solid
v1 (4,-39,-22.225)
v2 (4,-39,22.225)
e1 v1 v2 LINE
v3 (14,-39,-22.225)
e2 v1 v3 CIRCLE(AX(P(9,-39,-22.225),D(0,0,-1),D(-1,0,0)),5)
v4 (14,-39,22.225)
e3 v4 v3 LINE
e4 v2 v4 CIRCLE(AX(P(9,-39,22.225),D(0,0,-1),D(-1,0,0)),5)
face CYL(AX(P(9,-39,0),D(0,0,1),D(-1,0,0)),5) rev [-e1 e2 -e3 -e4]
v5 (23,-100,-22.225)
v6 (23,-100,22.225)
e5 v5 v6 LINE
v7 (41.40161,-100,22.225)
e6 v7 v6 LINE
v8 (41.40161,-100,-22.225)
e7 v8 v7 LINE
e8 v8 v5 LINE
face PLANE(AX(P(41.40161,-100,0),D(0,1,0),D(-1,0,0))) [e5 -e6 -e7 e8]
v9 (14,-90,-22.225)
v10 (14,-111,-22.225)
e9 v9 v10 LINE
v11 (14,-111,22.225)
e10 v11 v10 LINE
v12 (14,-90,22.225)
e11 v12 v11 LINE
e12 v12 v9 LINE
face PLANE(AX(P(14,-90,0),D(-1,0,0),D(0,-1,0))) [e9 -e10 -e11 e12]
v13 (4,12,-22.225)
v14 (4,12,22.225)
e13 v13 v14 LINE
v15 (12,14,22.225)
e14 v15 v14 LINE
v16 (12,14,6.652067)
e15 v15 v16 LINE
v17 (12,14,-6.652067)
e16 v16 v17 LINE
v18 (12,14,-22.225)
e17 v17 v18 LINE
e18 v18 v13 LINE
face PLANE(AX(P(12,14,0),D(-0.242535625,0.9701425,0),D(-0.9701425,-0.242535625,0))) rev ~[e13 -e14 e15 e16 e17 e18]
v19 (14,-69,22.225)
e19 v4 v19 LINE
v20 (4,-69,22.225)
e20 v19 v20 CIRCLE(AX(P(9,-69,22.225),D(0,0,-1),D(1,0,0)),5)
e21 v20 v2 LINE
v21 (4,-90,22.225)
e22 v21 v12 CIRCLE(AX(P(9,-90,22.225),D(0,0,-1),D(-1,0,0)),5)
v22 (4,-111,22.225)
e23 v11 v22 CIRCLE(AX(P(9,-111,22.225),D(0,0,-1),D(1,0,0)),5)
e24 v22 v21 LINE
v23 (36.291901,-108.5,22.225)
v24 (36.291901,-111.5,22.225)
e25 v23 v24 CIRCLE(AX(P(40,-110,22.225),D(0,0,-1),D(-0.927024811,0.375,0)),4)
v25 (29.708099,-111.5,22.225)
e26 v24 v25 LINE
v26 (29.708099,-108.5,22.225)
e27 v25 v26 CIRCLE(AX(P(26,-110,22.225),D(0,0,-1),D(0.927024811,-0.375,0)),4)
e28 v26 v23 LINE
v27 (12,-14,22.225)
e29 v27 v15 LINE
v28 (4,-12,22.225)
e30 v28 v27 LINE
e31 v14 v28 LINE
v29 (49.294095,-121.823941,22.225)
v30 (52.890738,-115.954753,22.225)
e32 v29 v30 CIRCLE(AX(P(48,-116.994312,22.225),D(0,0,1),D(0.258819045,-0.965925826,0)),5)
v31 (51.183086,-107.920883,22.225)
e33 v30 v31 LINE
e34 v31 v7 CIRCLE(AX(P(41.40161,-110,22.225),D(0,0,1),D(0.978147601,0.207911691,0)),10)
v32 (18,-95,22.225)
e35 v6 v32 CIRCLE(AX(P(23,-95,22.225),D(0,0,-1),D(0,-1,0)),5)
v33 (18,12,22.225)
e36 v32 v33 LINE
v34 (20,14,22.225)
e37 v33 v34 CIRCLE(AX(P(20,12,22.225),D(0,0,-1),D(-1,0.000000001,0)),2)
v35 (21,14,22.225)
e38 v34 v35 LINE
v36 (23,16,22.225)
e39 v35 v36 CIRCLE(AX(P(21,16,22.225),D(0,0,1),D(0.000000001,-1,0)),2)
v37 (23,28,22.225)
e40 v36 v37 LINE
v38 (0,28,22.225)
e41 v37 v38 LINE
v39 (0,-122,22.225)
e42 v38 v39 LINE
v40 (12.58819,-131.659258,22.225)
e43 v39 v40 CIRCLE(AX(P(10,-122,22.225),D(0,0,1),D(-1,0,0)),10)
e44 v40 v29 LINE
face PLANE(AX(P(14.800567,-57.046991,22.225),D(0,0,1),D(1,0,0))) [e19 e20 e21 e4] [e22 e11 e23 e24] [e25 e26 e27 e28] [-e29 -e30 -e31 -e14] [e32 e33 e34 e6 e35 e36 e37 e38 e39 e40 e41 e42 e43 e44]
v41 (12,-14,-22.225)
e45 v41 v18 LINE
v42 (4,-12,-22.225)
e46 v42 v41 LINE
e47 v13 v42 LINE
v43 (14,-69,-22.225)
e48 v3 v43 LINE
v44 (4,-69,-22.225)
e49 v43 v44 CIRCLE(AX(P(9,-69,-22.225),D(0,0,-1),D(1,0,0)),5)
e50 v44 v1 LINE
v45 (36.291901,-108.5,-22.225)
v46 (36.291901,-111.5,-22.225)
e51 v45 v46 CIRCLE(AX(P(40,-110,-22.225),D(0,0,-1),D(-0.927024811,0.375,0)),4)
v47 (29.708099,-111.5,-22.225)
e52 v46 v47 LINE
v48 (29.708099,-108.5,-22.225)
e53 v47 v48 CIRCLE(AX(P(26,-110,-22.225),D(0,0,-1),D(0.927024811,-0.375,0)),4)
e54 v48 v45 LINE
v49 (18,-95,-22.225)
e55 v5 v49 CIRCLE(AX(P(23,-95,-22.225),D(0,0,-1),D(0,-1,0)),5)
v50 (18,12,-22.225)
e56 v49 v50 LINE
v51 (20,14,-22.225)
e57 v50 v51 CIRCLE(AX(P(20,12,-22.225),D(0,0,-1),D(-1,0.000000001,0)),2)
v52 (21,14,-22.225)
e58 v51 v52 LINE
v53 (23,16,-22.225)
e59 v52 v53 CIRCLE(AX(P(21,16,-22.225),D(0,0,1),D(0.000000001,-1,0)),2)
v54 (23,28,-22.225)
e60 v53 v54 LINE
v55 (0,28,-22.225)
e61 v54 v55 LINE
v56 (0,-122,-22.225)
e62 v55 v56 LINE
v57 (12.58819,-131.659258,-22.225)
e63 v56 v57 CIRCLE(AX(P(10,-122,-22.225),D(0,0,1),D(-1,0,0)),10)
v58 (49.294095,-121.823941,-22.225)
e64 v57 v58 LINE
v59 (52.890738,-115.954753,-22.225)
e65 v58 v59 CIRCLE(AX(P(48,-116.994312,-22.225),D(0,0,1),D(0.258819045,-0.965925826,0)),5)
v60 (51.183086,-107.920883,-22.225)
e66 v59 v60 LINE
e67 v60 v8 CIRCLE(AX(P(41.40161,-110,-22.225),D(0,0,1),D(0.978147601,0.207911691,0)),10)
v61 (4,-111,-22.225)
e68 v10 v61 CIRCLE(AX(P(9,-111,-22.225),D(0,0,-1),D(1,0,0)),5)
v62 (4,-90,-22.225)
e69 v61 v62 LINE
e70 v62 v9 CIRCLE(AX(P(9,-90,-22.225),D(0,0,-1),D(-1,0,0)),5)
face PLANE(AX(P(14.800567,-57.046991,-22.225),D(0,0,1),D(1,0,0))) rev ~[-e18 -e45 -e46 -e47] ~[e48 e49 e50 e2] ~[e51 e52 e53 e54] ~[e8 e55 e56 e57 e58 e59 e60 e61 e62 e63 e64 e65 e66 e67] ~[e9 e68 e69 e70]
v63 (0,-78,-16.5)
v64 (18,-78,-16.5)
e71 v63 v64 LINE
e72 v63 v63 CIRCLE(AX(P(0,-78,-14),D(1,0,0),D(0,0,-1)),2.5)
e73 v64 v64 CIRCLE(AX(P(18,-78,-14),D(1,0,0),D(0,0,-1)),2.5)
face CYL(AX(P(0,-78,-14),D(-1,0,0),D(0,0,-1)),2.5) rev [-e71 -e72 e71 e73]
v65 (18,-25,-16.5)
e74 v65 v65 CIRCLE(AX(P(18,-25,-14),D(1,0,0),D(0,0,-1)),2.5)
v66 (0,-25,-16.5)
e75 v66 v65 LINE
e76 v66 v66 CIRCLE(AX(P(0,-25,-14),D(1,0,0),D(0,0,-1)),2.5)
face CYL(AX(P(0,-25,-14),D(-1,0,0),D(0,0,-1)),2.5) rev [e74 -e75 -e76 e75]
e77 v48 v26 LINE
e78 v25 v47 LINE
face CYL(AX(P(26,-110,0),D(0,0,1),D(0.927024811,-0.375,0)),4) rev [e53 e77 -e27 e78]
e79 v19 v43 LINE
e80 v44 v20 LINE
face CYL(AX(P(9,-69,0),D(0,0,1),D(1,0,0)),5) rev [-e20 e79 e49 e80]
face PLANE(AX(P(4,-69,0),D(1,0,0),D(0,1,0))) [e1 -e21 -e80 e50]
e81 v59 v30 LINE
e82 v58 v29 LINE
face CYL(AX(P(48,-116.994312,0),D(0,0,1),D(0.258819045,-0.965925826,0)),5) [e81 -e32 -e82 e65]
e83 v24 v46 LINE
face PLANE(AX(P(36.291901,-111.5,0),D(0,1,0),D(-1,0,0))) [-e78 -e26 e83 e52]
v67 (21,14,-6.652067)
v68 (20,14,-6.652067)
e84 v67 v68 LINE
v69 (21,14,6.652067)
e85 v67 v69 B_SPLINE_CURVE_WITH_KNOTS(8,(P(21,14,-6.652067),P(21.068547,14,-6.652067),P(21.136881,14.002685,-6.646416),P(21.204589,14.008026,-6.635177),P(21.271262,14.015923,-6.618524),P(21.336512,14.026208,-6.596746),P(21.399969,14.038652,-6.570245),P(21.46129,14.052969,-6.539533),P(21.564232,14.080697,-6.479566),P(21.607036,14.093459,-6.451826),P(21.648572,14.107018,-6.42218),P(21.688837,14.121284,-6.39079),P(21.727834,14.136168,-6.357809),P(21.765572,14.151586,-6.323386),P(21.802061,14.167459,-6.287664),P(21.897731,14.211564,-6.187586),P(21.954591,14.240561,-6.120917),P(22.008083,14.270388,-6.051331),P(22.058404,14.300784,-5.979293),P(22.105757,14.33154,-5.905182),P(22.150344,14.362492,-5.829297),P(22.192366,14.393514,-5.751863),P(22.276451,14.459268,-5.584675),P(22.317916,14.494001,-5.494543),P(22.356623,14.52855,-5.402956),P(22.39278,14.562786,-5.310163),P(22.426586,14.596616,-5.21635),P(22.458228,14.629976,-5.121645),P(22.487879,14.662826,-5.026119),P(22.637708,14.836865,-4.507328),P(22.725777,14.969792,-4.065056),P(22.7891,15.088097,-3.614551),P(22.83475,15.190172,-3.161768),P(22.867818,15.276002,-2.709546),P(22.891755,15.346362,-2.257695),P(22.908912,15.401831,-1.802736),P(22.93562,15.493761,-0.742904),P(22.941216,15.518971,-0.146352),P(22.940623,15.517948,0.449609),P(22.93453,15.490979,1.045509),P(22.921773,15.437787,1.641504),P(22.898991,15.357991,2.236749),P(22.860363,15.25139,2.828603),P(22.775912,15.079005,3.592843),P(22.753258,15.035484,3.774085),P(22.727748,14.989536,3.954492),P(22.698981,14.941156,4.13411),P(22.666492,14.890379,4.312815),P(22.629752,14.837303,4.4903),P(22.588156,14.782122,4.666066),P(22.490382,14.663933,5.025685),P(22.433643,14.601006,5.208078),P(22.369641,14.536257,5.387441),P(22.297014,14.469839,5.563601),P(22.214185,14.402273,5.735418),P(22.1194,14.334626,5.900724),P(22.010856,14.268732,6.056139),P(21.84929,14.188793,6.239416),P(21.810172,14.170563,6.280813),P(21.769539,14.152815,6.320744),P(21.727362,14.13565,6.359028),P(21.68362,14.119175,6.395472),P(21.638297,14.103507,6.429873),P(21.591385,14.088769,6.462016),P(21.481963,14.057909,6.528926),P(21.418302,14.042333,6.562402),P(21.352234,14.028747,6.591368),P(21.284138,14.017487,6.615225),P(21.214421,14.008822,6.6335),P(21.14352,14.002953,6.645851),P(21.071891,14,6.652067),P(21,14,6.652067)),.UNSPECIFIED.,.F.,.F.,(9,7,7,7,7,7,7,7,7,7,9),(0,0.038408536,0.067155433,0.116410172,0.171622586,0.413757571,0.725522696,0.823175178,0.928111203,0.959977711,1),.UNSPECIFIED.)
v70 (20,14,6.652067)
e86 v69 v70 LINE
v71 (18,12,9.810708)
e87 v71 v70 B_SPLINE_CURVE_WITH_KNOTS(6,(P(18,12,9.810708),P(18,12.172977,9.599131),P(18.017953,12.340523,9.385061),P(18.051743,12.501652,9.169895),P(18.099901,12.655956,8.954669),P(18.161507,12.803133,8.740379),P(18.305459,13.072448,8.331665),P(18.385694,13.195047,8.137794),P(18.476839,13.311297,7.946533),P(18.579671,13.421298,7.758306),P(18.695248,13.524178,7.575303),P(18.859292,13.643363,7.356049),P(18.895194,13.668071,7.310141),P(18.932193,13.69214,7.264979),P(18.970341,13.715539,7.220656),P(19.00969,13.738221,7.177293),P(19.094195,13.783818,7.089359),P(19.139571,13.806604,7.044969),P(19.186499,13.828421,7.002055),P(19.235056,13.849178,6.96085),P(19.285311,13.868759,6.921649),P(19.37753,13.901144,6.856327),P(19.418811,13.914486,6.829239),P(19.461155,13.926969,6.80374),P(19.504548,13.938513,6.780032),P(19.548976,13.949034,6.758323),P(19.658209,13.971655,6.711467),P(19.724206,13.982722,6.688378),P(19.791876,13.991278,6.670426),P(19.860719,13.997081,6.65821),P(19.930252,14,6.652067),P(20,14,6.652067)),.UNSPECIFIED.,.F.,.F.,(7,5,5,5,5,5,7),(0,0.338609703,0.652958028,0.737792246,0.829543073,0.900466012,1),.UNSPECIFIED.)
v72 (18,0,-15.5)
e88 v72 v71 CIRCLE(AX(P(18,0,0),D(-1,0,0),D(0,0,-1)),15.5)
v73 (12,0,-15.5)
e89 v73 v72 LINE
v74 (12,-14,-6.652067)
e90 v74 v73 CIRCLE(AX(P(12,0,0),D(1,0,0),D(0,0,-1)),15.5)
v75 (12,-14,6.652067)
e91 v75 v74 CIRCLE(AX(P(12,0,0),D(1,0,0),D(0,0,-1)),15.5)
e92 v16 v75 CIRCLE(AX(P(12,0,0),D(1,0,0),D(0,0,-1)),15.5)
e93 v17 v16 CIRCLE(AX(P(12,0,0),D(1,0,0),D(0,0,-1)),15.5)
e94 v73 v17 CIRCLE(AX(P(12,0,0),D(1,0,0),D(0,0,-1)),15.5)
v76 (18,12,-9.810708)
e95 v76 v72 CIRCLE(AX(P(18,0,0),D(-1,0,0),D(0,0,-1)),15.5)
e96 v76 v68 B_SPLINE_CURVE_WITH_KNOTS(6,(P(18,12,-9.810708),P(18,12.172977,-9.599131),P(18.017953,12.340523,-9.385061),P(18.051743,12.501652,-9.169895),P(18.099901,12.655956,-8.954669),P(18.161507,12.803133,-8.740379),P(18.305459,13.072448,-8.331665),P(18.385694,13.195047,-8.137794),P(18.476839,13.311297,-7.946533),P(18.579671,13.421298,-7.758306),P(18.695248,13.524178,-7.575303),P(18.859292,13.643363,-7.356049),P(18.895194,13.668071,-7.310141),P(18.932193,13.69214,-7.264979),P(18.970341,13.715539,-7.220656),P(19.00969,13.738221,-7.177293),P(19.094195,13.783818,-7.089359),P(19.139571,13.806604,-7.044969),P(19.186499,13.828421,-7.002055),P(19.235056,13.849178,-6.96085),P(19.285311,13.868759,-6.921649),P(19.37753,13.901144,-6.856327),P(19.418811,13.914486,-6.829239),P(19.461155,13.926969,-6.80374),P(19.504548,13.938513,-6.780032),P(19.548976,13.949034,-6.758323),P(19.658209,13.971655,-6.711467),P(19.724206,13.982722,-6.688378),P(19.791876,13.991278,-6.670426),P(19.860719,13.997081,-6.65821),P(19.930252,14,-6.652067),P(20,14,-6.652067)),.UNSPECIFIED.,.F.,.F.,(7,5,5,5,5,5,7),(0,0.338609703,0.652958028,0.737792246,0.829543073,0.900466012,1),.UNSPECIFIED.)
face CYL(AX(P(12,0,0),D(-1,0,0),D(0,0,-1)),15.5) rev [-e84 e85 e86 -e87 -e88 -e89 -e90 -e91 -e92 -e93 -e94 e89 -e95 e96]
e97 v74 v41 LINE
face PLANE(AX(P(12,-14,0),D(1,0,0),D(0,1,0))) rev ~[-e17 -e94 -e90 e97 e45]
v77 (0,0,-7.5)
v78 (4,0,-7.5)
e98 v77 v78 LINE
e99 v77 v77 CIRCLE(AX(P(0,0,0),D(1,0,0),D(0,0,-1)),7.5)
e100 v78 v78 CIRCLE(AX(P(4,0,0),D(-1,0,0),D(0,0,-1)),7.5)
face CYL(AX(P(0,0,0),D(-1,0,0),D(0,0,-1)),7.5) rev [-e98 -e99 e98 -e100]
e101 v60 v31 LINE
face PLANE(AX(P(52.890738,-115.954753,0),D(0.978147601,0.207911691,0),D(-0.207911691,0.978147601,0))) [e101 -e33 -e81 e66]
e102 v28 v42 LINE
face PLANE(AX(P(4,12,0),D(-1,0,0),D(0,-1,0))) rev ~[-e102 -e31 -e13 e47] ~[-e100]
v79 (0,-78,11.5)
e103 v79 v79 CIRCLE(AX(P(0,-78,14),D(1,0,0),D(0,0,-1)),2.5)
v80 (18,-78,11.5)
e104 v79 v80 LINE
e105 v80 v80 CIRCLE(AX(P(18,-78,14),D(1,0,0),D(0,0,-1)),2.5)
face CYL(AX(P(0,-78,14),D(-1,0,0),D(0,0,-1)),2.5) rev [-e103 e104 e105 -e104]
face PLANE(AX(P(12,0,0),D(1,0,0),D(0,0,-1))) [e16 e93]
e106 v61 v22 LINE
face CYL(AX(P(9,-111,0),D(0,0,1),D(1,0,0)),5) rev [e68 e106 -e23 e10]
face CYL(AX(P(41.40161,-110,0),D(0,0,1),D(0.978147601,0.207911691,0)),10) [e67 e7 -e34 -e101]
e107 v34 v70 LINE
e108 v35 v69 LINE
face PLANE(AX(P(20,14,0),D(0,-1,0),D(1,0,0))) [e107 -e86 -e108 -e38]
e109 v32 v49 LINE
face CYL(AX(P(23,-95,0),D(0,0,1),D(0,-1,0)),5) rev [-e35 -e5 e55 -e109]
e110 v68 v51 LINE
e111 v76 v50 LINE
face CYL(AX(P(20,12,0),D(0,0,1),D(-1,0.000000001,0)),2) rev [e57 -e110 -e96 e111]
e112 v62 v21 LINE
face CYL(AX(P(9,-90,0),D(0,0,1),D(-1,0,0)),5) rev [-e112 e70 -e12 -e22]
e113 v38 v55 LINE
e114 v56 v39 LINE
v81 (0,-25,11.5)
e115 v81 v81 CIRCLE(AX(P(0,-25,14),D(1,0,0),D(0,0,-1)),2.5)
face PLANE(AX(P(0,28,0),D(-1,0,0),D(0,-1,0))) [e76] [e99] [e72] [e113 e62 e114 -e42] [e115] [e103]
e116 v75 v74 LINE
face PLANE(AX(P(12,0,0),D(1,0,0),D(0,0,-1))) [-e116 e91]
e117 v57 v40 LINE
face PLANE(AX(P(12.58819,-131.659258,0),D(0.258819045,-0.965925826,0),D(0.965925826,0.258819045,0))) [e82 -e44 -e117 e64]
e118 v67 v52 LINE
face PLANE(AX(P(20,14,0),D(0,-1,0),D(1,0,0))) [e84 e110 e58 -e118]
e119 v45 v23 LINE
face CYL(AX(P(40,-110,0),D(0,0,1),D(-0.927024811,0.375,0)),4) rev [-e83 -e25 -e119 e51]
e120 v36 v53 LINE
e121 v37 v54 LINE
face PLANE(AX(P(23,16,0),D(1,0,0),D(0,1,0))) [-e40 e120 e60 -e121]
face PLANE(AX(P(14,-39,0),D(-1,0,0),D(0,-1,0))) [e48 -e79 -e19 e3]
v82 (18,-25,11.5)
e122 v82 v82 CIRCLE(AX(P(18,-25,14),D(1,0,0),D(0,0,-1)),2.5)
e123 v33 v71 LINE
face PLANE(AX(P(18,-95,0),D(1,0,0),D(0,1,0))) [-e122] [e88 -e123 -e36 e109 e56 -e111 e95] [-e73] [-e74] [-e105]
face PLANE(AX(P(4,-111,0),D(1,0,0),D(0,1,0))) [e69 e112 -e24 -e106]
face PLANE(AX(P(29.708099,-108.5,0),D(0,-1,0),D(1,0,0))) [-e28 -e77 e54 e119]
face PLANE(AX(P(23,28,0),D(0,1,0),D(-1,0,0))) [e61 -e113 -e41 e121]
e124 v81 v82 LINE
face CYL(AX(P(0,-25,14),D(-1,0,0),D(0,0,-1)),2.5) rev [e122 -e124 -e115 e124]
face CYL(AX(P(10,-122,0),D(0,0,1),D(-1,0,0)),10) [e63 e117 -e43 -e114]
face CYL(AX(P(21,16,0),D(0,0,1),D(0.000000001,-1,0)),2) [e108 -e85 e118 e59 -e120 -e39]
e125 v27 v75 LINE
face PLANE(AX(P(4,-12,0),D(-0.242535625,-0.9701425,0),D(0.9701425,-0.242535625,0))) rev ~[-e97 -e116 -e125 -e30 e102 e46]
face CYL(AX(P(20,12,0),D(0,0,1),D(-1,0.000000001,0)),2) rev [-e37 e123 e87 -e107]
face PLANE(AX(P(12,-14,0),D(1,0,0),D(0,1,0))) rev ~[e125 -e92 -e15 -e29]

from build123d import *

# Parameters (mm, degrees)
BOSS_EXTRUDE1_DEPTH = 22.225
SKETCH2_R           = 2.5
SKETCH2_R_2         = 7.5
CUT_EXTRUDE5_DEPTH  = 18
CUT_EXTRUDE7_START  = 12
SKETCH2_8_R         = 15.5
CUT_EXTRUDE7_DEPTH  = 42


with BuildPart() as part:
    # Sketch1 → Boss-Extrude1 (new body, symmetric)
    with BuildSketch(Plane.XY):
        with BuildLine():
            Line((0, 28), (0, -122))
            ThreePointArc((0, -122), (3.91238571, -129.933533403), (12.588190451, -131.659258263))
            Line((12.588190451, -131.659258263), (49.294095226, -121.823940721))
            ThreePointArc((49.294095226, -121.823940721), (52.263200822, -119.606804413), (52.890738004, -115.954753136))
            Line((52.890738004, -115.954753136), (51.18308621, -107.920883092))
            ThreePointArc((51.18308621, -107.920883092), (47.694814113, -102.228540385), (41.401610203, -100))
            Line((41.401610203, -100), (23, -100))
            ThreePointArc((23, -100), (19.464466094, -98.535533906), (18, -95))
            Line((18, -95), (18, 12))
            ThreePointArc((18, 12), (18.585786438, 13.414213562), (20, 14))
            Line((20, 14), (21, 14))
            ThreePointArc((21, 14), (22.414213562, 14.585786438), (23, 16))
            Line((23, 16), (23, 28))
            Line((23, 28), (18, 28))
            Line((18, 28), (0, 28))
        make_face()
        with BuildLine():
            Line((4, -111), (4, -90))
            ThreePointArc((4, -90), (9, -85), (14, -90))
            Line((14, -90), (14, -111))
            ThreePointArc((14, -111), (9, -116), (4, -111))
        make_face(mode=Mode.SUBTRACT)
        with BuildLine():
            Line((4, -69), (4, -39))
            ThreePointArc((4, -39), (9, -34), (14, -39))
            Line((14, -39), (14, -69))
            ThreePointArc((14, -69), (9, -74), (4, -69))
        make_face(mode=Mode.SUBTRACT)
        with BuildLine():
            Line((29.708099244, -108.5), (36.291900756, -108.5))
            ThreePointArc((36.291900756, -108.5), (44, -110), (36.291900756, -111.5))
            Line((36.291900756, -111.5), (29.708099244, -111.5))
            ThreePointArc((29.708099244, -111.5), (22, -110), (29.708099244, -108.5))
        make_face(mode=Mode.SUBTRACT)
        Polygon((4, 12), (4, -12), (12, -14), (12, 14), align=None, mode=Mode.SUBTRACT)
    extrude(amount=BOSS_EXTRUDE1_DEPTH, both=True)

    # Sketch2 → Cut-Extrude5 (cut)
    with BuildSketch(Plane(origin=(0, 0, 0), x_dir=(0, 0, -1), z_dir=(1, 0, 0))):
        with Locations((14, -78)):
            Circle(SKETCH2_R)
        with Locations((-14, -78)):
            Circle(SKETCH2_R)
        with Locations((-14, -25)):
            Circle(SKETCH2_R)
        with Locations((14, -25)):
            Circle(SKETCH2_R)
        Circle(SKETCH2_R_2)
    extrude(amount=CUT_EXTRUDE5_DEPTH, mode=Mode.SUBTRACT)

    # Sketch2<8> → Cut-Extrude7 (cut, through all)
    with BuildSketch(Plane(origin=(0, 0, 0), x_dir=(0, 0, -1), z_dir=(1, 0, 0)).offset(CUT_EXTRUDE7_START)):
        Circle(SKETCH2_8_R)
    extrude(amount=CUT_EXTRUDE7_DEPTH, mode=Mode.SUBTRACT)


solid = part.part
